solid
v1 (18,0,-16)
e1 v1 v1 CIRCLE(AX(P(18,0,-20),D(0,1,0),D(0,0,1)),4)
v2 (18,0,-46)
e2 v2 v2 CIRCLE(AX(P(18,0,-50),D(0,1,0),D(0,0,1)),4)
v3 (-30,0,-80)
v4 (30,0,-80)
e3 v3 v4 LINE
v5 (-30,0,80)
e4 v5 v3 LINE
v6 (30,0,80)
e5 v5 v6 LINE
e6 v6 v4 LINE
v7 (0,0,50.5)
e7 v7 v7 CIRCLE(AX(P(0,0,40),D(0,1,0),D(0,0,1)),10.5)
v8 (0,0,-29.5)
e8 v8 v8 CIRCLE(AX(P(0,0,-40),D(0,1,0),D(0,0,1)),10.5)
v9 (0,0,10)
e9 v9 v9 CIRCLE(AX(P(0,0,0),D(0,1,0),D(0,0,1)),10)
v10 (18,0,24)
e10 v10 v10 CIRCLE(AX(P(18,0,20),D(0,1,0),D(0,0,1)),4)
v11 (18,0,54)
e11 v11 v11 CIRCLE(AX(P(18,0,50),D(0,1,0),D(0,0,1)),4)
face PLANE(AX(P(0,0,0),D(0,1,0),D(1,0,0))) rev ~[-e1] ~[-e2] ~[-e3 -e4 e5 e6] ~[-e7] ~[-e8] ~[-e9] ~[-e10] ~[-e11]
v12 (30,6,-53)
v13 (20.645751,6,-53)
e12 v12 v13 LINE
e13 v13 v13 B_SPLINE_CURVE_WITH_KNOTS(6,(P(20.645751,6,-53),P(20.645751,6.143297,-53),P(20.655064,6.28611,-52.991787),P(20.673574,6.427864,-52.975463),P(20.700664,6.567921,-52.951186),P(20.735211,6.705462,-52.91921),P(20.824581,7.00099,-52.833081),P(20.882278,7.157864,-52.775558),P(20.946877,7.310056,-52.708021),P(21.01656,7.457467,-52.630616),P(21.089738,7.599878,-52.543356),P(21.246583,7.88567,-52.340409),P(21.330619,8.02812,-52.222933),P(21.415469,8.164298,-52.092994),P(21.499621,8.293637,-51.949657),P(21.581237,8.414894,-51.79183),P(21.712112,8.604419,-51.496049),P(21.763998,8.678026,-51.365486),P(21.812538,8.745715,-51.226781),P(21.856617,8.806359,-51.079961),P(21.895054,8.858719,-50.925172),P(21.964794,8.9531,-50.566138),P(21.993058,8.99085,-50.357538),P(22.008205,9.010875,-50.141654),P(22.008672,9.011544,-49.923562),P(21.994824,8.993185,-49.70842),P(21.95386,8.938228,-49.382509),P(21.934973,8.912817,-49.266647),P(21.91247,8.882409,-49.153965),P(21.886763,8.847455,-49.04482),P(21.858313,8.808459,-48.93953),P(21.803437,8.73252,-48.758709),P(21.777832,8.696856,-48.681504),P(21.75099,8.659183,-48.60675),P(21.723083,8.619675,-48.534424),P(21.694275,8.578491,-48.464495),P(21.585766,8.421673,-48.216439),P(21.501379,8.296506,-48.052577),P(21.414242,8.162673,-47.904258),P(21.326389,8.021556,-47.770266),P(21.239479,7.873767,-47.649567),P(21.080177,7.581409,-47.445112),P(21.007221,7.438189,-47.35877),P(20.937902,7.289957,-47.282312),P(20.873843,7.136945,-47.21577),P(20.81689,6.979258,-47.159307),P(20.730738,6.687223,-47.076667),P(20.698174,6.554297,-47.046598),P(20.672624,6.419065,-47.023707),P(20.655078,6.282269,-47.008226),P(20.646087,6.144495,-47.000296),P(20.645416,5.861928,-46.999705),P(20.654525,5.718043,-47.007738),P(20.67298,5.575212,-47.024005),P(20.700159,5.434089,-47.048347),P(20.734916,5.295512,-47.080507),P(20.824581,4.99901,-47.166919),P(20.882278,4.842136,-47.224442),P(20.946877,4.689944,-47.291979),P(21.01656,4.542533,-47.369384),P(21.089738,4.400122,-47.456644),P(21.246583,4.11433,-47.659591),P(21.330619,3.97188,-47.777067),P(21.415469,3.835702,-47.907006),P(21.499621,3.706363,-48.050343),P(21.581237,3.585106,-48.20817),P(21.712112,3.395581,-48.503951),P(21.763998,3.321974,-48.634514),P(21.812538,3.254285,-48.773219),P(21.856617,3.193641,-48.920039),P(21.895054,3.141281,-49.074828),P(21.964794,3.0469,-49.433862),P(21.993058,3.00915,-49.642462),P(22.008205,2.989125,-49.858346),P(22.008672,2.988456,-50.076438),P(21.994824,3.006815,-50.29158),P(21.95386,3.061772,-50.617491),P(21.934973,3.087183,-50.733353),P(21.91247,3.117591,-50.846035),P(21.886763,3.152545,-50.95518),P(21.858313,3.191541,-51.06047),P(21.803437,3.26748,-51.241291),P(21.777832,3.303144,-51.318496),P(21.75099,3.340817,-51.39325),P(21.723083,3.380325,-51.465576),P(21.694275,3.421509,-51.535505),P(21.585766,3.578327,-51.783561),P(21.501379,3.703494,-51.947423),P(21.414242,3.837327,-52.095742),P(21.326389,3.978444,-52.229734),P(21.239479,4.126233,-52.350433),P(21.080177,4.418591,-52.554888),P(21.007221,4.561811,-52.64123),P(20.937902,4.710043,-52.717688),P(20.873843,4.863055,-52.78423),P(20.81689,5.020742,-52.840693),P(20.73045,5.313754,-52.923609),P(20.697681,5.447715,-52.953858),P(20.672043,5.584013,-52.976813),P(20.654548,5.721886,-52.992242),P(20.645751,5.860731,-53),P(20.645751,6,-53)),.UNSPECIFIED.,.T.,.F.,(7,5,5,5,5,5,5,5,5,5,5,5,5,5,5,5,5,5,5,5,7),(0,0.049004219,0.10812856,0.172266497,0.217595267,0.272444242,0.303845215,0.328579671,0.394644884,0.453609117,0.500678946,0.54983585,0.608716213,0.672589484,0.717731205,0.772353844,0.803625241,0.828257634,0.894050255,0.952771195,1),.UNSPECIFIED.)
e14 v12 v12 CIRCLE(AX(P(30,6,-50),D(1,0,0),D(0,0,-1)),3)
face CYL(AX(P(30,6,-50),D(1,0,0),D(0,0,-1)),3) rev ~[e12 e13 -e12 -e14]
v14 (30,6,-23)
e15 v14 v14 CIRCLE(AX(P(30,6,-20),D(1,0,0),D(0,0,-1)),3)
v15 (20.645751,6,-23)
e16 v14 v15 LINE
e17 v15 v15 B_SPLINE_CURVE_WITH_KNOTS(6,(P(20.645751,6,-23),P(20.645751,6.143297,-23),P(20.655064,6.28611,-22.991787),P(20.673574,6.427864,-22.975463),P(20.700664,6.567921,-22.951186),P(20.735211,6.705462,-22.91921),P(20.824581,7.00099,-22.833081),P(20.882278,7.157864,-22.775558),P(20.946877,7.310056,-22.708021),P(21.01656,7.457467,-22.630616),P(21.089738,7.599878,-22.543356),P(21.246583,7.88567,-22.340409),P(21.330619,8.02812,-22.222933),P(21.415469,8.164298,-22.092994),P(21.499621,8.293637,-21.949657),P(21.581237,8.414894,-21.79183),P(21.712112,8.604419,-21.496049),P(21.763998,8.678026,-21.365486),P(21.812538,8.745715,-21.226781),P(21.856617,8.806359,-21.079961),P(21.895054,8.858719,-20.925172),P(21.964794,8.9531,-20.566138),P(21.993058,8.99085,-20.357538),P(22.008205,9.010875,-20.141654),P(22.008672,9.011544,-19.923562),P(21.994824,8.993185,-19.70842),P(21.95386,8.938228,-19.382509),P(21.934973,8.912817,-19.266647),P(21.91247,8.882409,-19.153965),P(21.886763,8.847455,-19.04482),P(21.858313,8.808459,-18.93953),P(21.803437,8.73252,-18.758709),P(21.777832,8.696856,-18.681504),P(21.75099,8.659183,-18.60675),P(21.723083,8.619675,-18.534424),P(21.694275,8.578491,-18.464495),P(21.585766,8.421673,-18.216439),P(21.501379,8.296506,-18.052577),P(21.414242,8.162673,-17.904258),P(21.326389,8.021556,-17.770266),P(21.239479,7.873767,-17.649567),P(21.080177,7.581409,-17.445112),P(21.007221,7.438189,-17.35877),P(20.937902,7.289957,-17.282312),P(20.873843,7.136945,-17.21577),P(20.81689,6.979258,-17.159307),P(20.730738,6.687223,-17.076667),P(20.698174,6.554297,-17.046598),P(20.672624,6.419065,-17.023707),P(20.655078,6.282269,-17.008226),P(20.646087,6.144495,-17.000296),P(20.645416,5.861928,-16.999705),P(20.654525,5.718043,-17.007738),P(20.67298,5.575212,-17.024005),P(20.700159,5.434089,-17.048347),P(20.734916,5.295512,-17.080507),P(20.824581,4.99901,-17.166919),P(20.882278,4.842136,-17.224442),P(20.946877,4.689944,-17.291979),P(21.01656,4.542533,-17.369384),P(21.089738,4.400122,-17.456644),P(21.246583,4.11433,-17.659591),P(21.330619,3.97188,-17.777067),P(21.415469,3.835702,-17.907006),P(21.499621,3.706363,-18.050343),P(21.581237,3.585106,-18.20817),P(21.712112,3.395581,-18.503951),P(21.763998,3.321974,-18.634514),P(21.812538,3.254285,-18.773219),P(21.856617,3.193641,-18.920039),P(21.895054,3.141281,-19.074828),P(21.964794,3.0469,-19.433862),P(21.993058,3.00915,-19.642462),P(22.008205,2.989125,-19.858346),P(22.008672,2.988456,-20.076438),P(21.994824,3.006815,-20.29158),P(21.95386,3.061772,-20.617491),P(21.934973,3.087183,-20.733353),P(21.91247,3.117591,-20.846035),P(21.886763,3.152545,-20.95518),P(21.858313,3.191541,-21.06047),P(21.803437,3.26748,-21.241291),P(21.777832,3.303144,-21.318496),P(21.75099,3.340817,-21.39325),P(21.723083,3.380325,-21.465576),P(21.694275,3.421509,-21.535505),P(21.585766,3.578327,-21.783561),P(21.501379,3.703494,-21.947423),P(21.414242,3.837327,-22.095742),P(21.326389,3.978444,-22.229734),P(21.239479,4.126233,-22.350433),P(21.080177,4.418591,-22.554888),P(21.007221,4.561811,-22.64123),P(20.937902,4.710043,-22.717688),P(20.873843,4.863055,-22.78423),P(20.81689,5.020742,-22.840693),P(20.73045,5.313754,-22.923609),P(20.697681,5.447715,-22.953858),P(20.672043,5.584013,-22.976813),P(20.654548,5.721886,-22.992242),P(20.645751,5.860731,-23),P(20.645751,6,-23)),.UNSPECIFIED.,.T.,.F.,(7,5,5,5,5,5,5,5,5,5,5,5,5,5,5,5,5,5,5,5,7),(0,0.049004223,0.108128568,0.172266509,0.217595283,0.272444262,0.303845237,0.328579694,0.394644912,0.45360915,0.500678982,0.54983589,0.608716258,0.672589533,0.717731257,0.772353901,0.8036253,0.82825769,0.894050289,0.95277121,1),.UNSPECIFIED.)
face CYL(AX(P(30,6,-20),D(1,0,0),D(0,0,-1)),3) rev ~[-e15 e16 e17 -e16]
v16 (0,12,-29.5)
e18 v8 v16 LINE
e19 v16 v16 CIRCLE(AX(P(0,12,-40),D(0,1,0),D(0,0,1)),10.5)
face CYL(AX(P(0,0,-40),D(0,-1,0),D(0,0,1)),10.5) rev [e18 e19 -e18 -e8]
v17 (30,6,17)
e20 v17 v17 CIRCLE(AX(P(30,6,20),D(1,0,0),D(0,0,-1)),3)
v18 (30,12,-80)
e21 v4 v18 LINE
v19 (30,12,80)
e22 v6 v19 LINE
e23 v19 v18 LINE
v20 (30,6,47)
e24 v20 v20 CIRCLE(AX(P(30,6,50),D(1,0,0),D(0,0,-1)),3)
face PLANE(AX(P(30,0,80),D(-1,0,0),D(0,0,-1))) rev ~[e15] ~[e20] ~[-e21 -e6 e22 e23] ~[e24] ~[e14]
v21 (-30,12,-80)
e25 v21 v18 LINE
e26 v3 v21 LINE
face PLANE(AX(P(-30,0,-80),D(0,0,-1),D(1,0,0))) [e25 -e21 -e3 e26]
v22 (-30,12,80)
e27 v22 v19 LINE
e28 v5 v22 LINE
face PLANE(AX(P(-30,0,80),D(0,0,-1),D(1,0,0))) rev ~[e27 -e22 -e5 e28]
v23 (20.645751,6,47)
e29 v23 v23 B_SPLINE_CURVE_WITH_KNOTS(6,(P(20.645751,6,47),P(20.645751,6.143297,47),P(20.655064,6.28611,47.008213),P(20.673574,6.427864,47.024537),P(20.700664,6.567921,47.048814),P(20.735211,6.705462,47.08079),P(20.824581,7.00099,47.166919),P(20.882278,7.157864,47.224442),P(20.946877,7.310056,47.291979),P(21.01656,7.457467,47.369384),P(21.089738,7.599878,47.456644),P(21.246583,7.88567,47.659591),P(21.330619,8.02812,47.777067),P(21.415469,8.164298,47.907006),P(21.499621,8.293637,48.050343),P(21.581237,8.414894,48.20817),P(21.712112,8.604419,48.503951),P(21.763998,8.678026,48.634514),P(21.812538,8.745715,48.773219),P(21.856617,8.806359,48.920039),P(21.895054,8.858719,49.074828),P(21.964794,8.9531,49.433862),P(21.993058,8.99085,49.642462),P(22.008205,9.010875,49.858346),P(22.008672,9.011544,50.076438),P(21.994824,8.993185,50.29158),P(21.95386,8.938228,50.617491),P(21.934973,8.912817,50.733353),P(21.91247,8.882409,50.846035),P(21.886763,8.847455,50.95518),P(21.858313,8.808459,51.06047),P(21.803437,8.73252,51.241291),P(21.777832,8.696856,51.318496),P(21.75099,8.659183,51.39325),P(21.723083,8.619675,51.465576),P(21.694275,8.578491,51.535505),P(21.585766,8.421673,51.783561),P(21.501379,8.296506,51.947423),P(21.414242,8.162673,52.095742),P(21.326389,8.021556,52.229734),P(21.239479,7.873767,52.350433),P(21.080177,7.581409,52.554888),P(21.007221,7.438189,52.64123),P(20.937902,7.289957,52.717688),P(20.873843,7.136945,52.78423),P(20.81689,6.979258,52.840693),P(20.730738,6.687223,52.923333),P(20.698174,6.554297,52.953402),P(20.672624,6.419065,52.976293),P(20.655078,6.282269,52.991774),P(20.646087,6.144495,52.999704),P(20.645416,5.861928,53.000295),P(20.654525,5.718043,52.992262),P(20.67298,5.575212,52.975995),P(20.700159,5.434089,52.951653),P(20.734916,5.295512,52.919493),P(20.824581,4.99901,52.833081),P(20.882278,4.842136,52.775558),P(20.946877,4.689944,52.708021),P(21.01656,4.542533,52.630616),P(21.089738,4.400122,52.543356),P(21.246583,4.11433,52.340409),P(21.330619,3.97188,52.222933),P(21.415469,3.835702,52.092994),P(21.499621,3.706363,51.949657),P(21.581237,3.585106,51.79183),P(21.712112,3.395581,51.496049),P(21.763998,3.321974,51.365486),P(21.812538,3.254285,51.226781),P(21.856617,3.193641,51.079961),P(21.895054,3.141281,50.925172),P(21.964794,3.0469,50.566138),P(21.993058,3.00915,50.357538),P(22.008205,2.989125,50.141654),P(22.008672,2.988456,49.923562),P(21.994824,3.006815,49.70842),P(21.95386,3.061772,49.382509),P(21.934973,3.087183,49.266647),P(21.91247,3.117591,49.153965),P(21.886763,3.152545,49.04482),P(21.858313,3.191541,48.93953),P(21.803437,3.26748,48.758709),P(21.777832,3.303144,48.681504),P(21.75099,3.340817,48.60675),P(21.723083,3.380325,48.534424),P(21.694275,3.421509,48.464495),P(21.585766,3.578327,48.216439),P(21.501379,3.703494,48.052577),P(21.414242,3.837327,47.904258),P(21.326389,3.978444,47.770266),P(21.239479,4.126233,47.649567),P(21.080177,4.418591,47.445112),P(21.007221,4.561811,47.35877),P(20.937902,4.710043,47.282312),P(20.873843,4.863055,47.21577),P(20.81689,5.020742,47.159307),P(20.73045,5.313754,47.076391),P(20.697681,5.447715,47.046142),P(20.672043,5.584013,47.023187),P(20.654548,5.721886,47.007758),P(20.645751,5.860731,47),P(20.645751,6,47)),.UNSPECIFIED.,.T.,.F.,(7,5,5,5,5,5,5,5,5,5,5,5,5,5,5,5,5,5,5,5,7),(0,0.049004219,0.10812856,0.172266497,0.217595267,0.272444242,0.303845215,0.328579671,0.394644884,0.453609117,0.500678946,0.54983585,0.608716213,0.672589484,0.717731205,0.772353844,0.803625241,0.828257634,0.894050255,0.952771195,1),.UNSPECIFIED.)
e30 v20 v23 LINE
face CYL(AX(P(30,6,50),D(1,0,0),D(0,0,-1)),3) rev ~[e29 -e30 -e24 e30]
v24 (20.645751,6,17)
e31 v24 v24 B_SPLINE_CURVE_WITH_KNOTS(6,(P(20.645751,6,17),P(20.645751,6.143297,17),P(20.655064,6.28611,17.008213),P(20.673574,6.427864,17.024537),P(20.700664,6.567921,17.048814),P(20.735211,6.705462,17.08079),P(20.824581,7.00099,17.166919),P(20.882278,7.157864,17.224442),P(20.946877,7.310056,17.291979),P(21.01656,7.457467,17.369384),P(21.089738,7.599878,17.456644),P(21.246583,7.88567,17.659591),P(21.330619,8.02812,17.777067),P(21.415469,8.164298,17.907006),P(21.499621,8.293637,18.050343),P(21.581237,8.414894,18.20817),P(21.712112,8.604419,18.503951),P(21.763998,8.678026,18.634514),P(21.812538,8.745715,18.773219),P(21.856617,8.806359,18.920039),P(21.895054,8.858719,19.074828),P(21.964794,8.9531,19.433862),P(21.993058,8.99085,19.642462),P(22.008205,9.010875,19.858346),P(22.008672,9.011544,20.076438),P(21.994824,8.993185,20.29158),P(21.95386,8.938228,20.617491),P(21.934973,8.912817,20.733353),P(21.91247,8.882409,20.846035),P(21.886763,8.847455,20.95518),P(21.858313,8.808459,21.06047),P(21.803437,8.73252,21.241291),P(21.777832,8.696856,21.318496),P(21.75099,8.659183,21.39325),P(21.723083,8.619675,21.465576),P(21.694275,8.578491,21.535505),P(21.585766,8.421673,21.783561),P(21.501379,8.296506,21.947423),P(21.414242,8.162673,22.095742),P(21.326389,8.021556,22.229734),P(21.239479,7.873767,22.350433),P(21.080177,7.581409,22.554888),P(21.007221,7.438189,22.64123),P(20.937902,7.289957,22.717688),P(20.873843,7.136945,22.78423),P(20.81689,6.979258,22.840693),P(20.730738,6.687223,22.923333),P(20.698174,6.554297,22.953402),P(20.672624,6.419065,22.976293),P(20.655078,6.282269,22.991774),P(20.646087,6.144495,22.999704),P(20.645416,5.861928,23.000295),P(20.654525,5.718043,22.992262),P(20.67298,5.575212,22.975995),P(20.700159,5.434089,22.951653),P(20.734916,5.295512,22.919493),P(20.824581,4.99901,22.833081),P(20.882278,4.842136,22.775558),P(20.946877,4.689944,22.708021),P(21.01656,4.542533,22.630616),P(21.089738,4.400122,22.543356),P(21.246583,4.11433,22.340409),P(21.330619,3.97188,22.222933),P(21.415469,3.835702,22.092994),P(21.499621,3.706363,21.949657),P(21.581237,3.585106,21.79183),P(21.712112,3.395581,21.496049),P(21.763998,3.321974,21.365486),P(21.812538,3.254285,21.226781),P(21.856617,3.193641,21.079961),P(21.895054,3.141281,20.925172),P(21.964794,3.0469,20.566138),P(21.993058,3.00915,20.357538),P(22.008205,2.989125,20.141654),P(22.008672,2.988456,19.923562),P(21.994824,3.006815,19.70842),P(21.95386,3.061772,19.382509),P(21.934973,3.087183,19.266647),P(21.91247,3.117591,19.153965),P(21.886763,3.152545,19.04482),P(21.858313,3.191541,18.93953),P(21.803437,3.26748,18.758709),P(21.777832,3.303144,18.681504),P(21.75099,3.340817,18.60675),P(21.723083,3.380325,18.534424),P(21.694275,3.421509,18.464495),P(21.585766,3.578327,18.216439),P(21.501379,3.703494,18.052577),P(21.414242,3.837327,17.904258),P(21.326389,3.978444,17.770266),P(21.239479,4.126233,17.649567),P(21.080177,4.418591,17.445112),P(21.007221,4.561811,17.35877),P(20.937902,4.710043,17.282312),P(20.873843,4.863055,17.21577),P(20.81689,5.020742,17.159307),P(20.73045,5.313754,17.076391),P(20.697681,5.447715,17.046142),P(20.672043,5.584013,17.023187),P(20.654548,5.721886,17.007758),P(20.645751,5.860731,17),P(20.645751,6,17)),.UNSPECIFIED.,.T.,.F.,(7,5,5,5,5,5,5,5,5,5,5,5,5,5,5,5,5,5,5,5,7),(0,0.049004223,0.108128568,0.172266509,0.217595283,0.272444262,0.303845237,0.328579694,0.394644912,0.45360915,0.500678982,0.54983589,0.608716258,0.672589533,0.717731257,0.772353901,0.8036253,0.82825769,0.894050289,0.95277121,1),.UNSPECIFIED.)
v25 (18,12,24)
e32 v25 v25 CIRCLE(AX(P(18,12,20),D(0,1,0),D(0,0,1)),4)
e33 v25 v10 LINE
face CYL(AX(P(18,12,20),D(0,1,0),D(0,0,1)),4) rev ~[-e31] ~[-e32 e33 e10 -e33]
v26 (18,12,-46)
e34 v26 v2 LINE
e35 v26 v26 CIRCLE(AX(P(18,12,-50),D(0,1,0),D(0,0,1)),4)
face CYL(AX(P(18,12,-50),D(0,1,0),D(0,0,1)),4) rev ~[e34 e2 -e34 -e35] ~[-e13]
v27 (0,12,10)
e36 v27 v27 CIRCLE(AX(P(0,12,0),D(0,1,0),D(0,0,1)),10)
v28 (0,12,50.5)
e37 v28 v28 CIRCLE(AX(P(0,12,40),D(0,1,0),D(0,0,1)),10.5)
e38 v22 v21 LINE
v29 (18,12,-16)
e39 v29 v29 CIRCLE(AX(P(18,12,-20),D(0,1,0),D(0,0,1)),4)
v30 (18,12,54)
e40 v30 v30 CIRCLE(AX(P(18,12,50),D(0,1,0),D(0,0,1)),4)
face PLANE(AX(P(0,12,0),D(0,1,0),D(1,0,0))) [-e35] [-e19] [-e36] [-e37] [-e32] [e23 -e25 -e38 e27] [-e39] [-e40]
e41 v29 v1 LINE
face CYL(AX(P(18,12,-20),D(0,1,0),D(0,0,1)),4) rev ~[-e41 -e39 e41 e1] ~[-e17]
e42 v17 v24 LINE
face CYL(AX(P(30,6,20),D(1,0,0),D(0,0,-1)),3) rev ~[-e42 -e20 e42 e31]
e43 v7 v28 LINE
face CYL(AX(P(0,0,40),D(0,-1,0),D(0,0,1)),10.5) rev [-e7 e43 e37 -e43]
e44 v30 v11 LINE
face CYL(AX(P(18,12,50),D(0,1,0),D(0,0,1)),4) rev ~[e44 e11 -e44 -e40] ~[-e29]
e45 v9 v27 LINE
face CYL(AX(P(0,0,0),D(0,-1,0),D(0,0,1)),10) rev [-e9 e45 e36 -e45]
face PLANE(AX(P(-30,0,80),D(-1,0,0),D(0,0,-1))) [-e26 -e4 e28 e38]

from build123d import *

# Parameters (mm, degrees)
SKETCH1_W           = 60
SKETCH1_H           = 160
SKETCH1_R           = 10
SKETCH1_R_2         = 10.5
BOSS_EXTRUDE1_DEPTH = 12
CUT_EXTRUDE1_REACH  = 88.279
SKETCH2_R           = 4
CUT_EXTRUDE2_REACH  = 102.717
SKETCH3_R           = 3


with BuildPart() as part:
    # Sketch1 → Boss-Extrude1 (new body)
    with BuildSketch(Plane(origin=(0, 0, 0), x_dir=(1, 0, 0), z_dir=(0, 1, 0))):
        Rectangle(SKETCH1_W, SKETCH1_H)
        with Locations(Location((0, 0, 0), (0, 0, 270))):
            Circle(SKETCH1_R, mode=Mode.SUBTRACT)
        with Locations(Location((0, 40, 0), (0, 0, 270))):
            Circle(SKETCH1_R_2, mode=Mode.SUBTRACT)
        with Locations(Location((0, -40, 0), (0, 0, 270))):
            Circle(SKETCH1_R_2, mode=Mode.SUBTRACT)
    extrude(amount=BOSS_EXTRUDE1_DEPTH)

    # Sketch2 → Cut-Extrude1 (cut, up to next)
    with BuildSketch(Plane(origin=(0, 12, 0), x_dir=(1, 0, 0), z_dir=(0, 1, 0)), mode=Mode.PRIVATE) as cut_extrude1_sk1:
        with Locations(Location((18, 50, 0), (0, 0, 270))):
            Circle(SKETCH2_R)
    cut_extrude1_tool1 = extrude(cut_extrude1_sk1.sketch, amount=-CUT_EXTRUDE1_REACH, mode=Mode.PRIVATE) & part.part
    # Sketch2 → Cut-Extrude1 (cut, up to next)
    with BuildSketch(Plane(origin=(0, 12, 0), x_dir=(1, 0, 0), z_dir=(0, 1, 0)), mode=Mode.PRIVATE) as cut_extrude1_sk2:
        with Locations(Location((18, -50, 0), (0, 0, 270))):
            Circle(SKETCH2_R)
    cut_extrude1_tool2 = extrude(cut_extrude1_sk2.sketch, amount=-CUT_EXTRUDE1_REACH, mode=Mode.PRIVATE) & part.part
    # Sketch2 → Cut-Extrude1 (cut, up to next)
    with BuildSketch(Plane(origin=(0, 12, 0), x_dir=(1, 0, 0), z_dir=(0, 1, 0)), mode=Mode.PRIVATE) as cut_extrude1_sk3:
        with Locations(Location((18, -20, 0), (0, 0, 270))):
            Circle(SKETCH2_R)
    cut_extrude1_tool3 = extrude(cut_extrude1_sk3.sketch, amount=-CUT_EXTRUDE1_REACH, mode=Mode.PRIVATE) & part.part
    # Sketch2 → Cut-Extrude1 (cut, up to next)
    with BuildSketch(Plane(origin=(0, 12, 0), x_dir=(1, 0, 0), z_dir=(0, 1, 0)), mode=Mode.PRIVATE) as cut_extrude1_sk4:
        with Locations(Location((18, 20, 0), (0, 0, 270))):
            Circle(SKETCH2_R)
    cut_extrude1_tool4 = extrude(cut_extrude1_sk4.sketch, amount=-CUT_EXTRUDE1_REACH, mode=Mode.PRIVATE) & part.part
    add(cut_extrude1_tool1.solids().sort_by_distance((18, 12, -50))[0], mode=Mode.SUBTRACT)
    add(cut_extrude1_tool2.solids().sort_by_distance((18, 12, 50))[0], mode=Mode.SUBTRACT)
    add(cut_extrude1_tool3.solids().sort_by_distance((18, 12, 20))[0], mode=Mode.SUBTRACT)
    add(cut_extrude1_tool4.solids().sort_by_distance((18, 12, -20))[0], mode=Mode.SUBTRACT)

    # Sketch3 → Cut-Extrude2 (cut, up to next)
    with BuildSketch(Plane(origin=(30, 0, 0), x_dir=(0, 0, -1), z_dir=(1, 0, 0)), mode=Mode.PRIVATE) as cut_extrude2_sk1:
        with Locations((50, 6)):
            Circle(SKETCH3_R)
    cut_extrude2_tool1 = extrude(cut_extrude2_sk1.sketch, amount=-CUT_EXTRUDE2_REACH, mode=Mode.PRIVATE) & part.part
    # Sketch3 → Cut-Extrude2 (cut, up to next)
    with BuildSketch(Plane(origin=(30, 0, 0), x_dir=(0, 0, -1), z_dir=(1, 0, 0)), mode=Mode.PRIVATE) as cut_extrude2_sk2:
        with Locations((20, 6)):
            Circle(SKETCH3_R)
    cut_extrude2_tool2 = extrude(cut_extrude2_sk2.sketch, amount=-CUT_EXTRUDE2_REACH, mode=Mode.PRIVATE) & part.part
    # Sketch3 → Cut-Extrude2 (cut, up to next)
    with BuildSketch(Plane(origin=(30, 0, 0), x_dir=(0, 0, -1), z_dir=(1, 0, 0)), mode=Mode.PRIVATE) as cut_extrude2_sk3:
        with Locations((-20, 6)):
            Circle(SKETCH3_R)
    cut_extrude2_tool3 = extrude(cut_extrude2_sk3.sketch, amount=-CUT_EXTRUDE2_REACH, mode=Mode.PRIVATE) & part.part
    # Sketch3 → Cut-Extrude2 (cut, up to next)
    with BuildSketch(Plane(origin=(30, 0, 0), x_dir=(0, 0, -1), z_dir=(1, 0, 0)), mode=Mode.PRIVATE) as cut_extrude2_sk4:
        with Locations((-50, 6)):
            Circle(SKETCH3_R)
    cut_extrude2_tool4 = extrude(cut_extrude2_sk4.sketch, amount=-CUT_EXTRUDE2_REACH, mode=Mode.PRIVATE) & part.part
    add(cut_extrude2_tool1.solids().sort_by_distance((30, 6, -50))[0], mode=Mode.SUBTRACT)
    add(cut_extrude2_tool2.solids().sort_by_distance((30, 6, -20))[0], mode=Mode.SUBTRACT)
    add(cut_extrude2_tool3.solids().sort_by_distance((30, 6, 20))[0], mode=Mode.SUBTRACT)
    add(cut_extrude2_tool4.solids().sort_by_distance((30, 6, 50))[0], mode=Mode.SUBTRACT)


solid = part.part
